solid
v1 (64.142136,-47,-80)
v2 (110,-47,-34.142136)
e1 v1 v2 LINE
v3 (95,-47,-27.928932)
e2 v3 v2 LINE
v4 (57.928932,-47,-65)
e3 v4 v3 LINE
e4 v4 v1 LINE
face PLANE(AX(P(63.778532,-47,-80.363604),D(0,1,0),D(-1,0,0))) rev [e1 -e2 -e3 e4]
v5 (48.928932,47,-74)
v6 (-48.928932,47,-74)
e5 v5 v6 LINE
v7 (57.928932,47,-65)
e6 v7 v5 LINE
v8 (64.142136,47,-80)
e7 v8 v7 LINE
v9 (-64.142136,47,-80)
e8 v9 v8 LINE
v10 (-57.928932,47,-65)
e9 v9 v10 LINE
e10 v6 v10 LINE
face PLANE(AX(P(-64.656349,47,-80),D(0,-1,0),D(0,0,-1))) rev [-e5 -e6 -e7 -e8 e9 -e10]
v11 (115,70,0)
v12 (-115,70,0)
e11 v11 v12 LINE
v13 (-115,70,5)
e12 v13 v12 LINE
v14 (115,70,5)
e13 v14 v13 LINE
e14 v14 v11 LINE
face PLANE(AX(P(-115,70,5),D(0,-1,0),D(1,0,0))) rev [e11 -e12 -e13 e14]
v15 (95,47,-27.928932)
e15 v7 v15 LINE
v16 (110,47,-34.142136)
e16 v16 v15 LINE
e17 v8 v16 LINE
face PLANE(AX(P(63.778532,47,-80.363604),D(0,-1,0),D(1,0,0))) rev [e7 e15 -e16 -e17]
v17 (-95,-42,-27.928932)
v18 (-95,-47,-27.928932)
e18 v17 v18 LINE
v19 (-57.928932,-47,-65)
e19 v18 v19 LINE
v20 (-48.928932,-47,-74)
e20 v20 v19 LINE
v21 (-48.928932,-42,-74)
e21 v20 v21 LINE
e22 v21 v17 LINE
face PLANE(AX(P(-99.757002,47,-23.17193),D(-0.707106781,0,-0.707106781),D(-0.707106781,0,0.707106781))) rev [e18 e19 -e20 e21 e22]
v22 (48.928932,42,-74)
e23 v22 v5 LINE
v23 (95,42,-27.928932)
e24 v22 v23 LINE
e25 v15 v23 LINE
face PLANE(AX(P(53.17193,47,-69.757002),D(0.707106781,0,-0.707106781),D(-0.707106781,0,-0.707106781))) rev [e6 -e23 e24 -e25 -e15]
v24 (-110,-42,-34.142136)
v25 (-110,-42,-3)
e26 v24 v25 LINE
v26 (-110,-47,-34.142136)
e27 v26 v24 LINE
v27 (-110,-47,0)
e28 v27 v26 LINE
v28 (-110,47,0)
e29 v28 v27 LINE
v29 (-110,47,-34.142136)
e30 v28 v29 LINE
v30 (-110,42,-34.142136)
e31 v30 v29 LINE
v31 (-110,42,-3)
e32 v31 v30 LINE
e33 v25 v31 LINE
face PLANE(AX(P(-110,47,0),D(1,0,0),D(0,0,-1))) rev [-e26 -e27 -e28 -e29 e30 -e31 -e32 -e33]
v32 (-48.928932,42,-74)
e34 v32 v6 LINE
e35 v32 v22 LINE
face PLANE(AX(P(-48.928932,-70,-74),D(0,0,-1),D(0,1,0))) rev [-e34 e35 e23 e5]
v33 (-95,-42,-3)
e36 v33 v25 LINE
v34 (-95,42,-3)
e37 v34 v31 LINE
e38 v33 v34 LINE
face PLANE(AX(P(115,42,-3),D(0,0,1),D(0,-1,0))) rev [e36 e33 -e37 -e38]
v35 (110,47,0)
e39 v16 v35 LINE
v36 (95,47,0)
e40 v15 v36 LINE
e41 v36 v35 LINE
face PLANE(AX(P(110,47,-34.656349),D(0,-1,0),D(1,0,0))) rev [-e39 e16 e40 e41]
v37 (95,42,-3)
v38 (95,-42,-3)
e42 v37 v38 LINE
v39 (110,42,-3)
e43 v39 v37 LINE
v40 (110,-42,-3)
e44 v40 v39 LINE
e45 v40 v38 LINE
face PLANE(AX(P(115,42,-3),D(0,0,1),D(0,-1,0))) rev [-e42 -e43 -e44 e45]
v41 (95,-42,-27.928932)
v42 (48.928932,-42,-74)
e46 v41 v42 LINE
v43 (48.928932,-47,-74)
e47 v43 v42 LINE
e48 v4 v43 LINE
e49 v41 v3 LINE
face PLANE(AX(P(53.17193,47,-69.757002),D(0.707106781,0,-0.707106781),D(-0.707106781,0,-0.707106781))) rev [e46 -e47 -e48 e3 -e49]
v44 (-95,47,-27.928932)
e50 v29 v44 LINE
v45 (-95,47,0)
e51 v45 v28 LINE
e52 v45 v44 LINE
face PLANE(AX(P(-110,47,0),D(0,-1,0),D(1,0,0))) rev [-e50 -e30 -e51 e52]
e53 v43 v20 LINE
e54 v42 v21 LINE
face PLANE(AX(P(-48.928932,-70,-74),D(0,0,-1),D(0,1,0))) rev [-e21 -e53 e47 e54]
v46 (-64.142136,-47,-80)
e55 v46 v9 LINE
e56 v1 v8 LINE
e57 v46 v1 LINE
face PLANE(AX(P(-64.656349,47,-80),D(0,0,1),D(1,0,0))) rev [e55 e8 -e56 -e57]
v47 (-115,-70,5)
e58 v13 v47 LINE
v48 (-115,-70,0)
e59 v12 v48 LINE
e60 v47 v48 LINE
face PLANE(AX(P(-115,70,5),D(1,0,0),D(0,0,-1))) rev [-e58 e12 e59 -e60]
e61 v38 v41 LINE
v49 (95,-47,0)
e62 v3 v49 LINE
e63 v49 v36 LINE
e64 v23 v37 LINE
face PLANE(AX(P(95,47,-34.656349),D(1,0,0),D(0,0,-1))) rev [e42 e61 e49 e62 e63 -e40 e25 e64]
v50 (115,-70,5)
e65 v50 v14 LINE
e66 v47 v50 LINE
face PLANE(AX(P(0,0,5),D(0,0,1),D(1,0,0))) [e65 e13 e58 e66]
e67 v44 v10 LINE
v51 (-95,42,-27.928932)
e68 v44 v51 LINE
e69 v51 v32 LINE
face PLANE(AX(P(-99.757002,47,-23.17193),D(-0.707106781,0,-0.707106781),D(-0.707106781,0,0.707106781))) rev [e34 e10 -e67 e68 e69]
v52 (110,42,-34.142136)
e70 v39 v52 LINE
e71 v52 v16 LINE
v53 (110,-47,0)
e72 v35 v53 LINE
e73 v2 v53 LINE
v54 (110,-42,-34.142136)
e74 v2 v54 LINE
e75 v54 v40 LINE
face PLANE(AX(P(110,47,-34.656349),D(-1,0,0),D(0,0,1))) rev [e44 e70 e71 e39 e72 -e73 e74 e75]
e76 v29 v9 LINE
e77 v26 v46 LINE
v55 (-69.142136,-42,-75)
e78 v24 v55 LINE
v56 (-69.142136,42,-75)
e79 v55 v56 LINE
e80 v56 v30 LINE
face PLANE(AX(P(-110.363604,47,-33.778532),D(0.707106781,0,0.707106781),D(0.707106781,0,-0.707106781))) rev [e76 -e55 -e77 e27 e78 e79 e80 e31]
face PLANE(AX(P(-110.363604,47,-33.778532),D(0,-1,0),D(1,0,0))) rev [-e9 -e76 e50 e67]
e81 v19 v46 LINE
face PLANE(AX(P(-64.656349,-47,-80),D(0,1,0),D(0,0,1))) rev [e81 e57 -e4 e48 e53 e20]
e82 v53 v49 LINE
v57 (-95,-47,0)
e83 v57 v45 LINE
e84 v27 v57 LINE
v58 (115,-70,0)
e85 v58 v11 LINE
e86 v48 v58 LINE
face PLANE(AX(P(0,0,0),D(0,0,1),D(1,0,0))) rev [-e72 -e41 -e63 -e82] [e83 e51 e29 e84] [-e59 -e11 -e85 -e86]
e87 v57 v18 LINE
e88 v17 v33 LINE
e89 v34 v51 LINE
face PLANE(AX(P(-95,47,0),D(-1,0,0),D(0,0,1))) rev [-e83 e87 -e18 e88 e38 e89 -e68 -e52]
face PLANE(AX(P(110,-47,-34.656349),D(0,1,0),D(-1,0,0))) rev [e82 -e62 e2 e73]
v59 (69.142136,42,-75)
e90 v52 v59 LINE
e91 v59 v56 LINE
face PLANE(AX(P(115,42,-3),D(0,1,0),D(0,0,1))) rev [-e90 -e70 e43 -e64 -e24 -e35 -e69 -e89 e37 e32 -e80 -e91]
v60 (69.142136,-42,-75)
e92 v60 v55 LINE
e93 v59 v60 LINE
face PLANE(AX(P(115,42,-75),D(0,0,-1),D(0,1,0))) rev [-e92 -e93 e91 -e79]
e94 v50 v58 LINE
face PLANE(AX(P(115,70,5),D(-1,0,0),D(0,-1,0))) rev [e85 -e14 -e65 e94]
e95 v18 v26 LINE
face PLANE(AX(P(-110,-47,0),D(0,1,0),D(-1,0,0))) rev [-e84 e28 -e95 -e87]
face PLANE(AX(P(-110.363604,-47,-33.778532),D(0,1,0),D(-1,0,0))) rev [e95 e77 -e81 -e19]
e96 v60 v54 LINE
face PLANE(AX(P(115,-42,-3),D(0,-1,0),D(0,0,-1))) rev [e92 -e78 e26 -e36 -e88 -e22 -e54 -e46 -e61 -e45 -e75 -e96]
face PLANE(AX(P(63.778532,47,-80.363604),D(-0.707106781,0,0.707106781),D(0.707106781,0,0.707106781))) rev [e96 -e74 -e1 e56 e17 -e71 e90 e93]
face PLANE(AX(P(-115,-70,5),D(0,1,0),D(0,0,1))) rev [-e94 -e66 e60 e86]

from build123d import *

# Parameters (mm, degrees)
SKETCH1_W           = 230
SKETCH1_H           = 140
BOSS_EXTRUDE1_DEPTH = 5
SKETCH4_W           = 15
SKETCH4_H           = 94
CUT_EXTRUDE1_DEPTH  = 118
SKETCH7_W           = 72
SKETCH7_H           = 84
CUT_EXTRUDE2_DEPTH  = 226


with BuildPart() as part:
    # Sketch1 → Boss-Extrude1 (new body)
    with BuildSketch(Plane.XY):
        Rectangle(SKETCH1_W, SKETCH1_H)
    extrude(amount=BOSS_EXTRUDE1_DEPTH)

    # Sweep3: sweep along a path in Sketch5
    with BuildLine(Plane(origin=(0, 0, 0), x_dir=(1, 0, 0), z_dir=(0, 1, 0))) as sweep3_path:
        Line((-100, 0), (-100, 30))
        Line((-100, 30), (-60, 70))
        Line((-60, 70), (60, 70))
        Line((60, 70), (100, 30))
        Line((100, 30), (100, 0))
    # Sketch4 → Sweep3 (sweep)
    with BuildSketch(Plane.XY):
        with Locations((-102.5, 0)):
            Rectangle(SKETCH4_W, SKETCH4_H)
    sweep(path=sweep3_path.line, transition=Transition.RIGHT)

    # Sketch6 → Cut-Extrude1 (cut, through all)
    with BuildSketch(Plane(origin=(0, 47, 0), x_dir=(1, 0, 0), z_dir=(0, 1, 0))):
        Polygon((-48.928932188, 74), (48.928932188, 74), (76.464466094, 46.464466094), (-76.464466094, 46.464466094), align=None)
    extrude(amount=-CUT_EXTRUDE1_DEPTH, mode=Mode.SUBTRACT)

    # Sketch7 → Cut-Extrude2 (cut, through all)
    with BuildSketch(Plane.ZY.offset(110)):
        with Locations((-39, 0)):
            Rectangle(SKETCH7_W, SKETCH7_H)
    extrude(amount=-CUT_EXTRUDE2_DEPTH, mode=Mode.SUBTRACT)


solid = part.part
